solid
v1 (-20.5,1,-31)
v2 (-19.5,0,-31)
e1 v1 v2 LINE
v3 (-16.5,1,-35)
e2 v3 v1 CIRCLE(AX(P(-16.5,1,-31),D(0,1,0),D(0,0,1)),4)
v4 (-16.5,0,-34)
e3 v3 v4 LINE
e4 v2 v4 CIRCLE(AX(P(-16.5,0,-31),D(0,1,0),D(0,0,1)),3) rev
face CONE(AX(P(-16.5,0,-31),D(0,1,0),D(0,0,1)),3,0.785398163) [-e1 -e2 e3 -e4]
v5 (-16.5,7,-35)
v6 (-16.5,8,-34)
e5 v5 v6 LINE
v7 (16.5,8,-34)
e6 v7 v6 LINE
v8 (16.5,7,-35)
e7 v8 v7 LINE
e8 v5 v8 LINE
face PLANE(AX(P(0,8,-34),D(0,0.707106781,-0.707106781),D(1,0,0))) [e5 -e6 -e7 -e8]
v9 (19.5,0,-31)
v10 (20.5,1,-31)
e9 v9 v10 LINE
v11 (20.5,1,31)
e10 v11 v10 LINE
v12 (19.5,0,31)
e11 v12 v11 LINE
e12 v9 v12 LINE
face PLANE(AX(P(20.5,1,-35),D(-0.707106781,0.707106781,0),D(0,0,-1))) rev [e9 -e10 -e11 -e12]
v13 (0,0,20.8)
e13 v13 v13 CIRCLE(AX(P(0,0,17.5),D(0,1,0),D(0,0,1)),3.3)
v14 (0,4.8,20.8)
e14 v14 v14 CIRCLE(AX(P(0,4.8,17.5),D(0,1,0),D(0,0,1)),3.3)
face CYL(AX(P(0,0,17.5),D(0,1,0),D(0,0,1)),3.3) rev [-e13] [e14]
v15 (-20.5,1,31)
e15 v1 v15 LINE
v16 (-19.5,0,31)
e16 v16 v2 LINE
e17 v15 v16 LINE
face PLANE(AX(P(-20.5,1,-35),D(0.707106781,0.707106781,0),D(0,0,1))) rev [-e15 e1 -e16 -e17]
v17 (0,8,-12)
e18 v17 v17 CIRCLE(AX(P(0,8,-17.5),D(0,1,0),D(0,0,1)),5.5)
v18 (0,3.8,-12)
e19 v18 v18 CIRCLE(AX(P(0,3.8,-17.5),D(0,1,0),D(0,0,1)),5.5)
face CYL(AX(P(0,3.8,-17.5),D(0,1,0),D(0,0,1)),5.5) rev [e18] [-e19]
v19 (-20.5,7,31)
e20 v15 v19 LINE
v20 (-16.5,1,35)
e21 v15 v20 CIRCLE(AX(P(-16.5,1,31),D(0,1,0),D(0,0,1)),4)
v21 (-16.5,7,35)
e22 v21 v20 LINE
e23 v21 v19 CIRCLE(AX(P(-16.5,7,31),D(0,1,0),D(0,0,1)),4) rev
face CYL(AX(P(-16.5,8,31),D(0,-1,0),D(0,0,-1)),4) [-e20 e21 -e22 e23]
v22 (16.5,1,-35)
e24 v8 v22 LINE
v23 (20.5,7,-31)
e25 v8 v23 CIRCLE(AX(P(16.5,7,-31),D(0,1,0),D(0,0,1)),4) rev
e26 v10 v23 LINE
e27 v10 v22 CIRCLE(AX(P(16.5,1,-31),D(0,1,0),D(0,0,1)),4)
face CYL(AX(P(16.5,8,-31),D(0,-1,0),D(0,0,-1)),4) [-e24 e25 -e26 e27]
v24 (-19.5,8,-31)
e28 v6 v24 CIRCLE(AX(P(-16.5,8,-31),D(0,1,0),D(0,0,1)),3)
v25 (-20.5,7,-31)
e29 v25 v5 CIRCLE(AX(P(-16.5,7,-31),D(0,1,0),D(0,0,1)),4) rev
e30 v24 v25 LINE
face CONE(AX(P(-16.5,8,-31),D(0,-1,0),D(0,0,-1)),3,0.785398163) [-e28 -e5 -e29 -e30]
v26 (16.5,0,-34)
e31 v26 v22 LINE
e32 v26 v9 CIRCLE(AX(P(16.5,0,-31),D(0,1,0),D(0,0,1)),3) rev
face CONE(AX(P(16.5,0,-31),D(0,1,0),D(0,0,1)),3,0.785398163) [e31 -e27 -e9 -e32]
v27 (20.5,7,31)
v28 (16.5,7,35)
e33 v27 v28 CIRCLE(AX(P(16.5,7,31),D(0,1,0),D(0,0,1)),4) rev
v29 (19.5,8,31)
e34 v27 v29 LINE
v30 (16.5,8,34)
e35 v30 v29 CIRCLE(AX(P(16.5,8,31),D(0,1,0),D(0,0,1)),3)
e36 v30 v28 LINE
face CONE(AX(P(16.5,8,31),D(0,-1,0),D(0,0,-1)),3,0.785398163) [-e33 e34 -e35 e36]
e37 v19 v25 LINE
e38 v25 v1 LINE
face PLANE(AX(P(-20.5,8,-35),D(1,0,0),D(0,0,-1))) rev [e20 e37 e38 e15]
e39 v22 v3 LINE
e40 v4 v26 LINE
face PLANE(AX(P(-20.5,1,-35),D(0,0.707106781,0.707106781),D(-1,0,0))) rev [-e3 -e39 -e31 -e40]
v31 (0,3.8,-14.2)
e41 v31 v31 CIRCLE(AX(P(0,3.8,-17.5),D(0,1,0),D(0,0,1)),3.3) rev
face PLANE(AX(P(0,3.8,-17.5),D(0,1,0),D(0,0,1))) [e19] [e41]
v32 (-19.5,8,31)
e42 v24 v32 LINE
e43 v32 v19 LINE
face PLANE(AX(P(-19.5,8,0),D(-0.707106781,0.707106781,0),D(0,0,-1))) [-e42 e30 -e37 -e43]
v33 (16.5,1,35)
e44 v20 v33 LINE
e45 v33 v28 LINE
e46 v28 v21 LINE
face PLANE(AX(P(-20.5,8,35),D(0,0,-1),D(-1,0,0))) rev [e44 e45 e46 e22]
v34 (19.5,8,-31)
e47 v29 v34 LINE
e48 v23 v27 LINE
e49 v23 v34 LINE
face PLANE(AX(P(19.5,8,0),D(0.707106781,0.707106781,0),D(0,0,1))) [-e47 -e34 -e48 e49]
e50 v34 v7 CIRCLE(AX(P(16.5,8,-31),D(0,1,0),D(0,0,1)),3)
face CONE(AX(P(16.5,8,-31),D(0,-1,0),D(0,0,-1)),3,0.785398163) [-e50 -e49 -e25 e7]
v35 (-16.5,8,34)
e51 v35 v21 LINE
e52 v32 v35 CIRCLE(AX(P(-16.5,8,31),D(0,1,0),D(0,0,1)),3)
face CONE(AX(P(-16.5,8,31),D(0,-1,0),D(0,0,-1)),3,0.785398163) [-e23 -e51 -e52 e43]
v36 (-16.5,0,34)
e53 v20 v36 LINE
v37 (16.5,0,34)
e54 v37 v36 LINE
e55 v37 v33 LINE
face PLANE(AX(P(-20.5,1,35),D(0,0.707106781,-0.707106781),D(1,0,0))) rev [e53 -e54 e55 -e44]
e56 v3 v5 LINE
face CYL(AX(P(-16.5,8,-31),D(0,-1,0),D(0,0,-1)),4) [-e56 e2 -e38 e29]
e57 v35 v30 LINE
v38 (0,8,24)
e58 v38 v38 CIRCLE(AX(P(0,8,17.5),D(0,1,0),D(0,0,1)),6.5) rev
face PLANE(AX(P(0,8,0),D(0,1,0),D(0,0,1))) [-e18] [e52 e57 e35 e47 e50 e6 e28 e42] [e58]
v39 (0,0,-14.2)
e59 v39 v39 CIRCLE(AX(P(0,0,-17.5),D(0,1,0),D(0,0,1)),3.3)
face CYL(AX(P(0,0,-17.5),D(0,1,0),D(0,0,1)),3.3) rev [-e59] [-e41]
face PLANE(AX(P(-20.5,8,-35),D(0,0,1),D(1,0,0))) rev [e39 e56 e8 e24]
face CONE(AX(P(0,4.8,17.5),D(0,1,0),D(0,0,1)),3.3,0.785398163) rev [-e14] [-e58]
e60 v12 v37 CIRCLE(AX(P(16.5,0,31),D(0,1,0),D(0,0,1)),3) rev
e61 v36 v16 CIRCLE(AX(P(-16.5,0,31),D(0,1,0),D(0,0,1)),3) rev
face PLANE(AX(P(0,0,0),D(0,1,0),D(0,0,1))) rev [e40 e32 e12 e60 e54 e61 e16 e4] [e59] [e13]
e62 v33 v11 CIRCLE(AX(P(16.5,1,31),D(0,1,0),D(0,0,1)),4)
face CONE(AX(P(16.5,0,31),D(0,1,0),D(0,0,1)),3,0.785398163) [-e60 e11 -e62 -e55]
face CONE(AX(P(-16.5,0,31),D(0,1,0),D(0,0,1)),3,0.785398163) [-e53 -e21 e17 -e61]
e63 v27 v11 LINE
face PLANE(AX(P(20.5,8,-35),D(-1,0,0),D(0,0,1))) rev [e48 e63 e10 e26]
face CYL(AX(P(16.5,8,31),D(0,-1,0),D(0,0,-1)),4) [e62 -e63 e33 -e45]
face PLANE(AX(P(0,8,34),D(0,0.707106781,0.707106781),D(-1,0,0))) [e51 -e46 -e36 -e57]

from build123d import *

# Parameters (mm, degrees)
SKETCH1_W           = 41
SKETCH1_H           = 70
BOSS_EXTRUDE1_DEPTH = 8
FILLET1_R           = 4
CHAMFER1_SIZE       = 1
SKETCH2_R           = 3.3
CUT_EXTRUDE1_DEPTH  = 8
CHAMFER2_SIZE       = 3.2
SKETCH3_R           = 5.5
CUT_EXTRUDE2_DEPTH  = 4.2
SKETCH4_R           = 5.1
CUT_EXTRUDE3_DEPTH  = 10
SKETCH5_R           = 10
CUT_EXTRUDE5_DEPTH  = 4
SKETCH6_R           = 10
BOSS_EXTRUDE2_DEPTH = 8


with BuildPart() as part:
    # Sketch1 → Boss-Extrude1 (new body)
    with BuildSketch(Plane(origin=(0, 0, 0), x_dir=(1, 0, 0), z_dir=(0, 1, 0))):
        Rectangle(SKETCH1_W, SKETCH1_H)
    extrude(amount=BOSS_EXTRUDE1_DEPTH)

    # Fillet1
    fillet1_edges = [part.edges().sort_by_distance(p)[0] for p in [
        (20.5, 4, 35),
        (-20.5, 4, 35),
        (-20.5, 4, -35),
        (20.5, 4, -35),
    ]]
    fillet(fillet1_edges, radius=FILLET1_R)

    # Chamfer1
    chamfer1_edges = [part.edges().sort_by_distance(p)[0] for p in [
        (-20.5, 0, 0),
        (-20.5, 8, 0),
        (20.5, 0, 0),
        (0, 0, 35),
        (0, 0, -35),
        (-19.328427125, 0, 33.828427125),
        (19.328427125, 0, 33.828427125),
        (19.328427125, 0, -33.828427125),
        (-19.328427125, 0, -33.828427125),
        (0, 8, -35),
        (20.5, 8, 0),
        (0, 8, 35),
        (-19.328427125, 8, 33.828427125),
        (19.328427125, 8, 33.828427125),
        (19.328427125, 8, -33.828427125),
        (-19.328427125, 8, -33.828427125),
    ]]
    chamfer(chamfer1_edges, length=CHAMFER1_SIZE)

    # Sketch2 → Cut-Extrude1 (cut)
    with BuildSketch(Plane(origin=(0, 8, 0), x_dir=(1, 0, 0), z_dir=(0, 1, 0))):
        with Locations((0, -17.5)):
            Circle(SKETCH2_R)
        with Locations((0, 17.5)):
            Circle(SKETCH2_R)
    extrude(amount=-CUT_EXTRUDE1_DEPTH, mode=Mode.SUBTRACT)

    # Chamfer2
    chamfer2_edges = [part.edges().sort_by_distance(p)[0] for p in [
        (-3.3, 8, 17.5),
    ]]
    chamfer(chamfer2_edges, length=CHAMFER2_SIZE)

    # Sketch3 → Cut-Extrude2 (cut)
    with BuildSketch(Plane(origin=(0, 8, 0), x_dir=(1, 0, 0), z_dir=(0, 1, 0))):
        with Locations((0, 17.5)):
            Circle(SKETCH3_R)
    extrude(amount=-CUT_EXTRUDE2_DEPTH, mode=Mode.SUBTRACT)

    # Sketch4 → Cut-Extrude3 (cut)
    with BuildSketch(Plane(origin=(0, 8, 0), x_dir=(1, 0, 0), z_dir=(0, 1, 0))):
        Circle(SKETCH4_R)
    extrude(amount=-CUT_EXTRUDE3_DEPTH, mode=Mode.SUBTRACT)

    # Sketch5 → Cut-Extrude5 (cut)
    with BuildSketch(Plane(origin=(0, 8, 0), x_dir=(1, 0, 0), z_dir=(0, 1, 0))):
        Circle(SKETCH5_R)
    extrude(amount=-CUT_EXTRUDE5_DEPTH, mode=Mode.SUBTRACT)

    # Sketch6 → Boss-Extrude2 (add)
    with BuildSketch(Plane(origin=(0, 8, 0), x_dir=(1, 0, 0), z_dir=(0, 1, 0))):
        Circle(SKETCH6_R)
    extrude(amount=-BOSS_EXTRUDE2_DEPTH)


solid = part.part
